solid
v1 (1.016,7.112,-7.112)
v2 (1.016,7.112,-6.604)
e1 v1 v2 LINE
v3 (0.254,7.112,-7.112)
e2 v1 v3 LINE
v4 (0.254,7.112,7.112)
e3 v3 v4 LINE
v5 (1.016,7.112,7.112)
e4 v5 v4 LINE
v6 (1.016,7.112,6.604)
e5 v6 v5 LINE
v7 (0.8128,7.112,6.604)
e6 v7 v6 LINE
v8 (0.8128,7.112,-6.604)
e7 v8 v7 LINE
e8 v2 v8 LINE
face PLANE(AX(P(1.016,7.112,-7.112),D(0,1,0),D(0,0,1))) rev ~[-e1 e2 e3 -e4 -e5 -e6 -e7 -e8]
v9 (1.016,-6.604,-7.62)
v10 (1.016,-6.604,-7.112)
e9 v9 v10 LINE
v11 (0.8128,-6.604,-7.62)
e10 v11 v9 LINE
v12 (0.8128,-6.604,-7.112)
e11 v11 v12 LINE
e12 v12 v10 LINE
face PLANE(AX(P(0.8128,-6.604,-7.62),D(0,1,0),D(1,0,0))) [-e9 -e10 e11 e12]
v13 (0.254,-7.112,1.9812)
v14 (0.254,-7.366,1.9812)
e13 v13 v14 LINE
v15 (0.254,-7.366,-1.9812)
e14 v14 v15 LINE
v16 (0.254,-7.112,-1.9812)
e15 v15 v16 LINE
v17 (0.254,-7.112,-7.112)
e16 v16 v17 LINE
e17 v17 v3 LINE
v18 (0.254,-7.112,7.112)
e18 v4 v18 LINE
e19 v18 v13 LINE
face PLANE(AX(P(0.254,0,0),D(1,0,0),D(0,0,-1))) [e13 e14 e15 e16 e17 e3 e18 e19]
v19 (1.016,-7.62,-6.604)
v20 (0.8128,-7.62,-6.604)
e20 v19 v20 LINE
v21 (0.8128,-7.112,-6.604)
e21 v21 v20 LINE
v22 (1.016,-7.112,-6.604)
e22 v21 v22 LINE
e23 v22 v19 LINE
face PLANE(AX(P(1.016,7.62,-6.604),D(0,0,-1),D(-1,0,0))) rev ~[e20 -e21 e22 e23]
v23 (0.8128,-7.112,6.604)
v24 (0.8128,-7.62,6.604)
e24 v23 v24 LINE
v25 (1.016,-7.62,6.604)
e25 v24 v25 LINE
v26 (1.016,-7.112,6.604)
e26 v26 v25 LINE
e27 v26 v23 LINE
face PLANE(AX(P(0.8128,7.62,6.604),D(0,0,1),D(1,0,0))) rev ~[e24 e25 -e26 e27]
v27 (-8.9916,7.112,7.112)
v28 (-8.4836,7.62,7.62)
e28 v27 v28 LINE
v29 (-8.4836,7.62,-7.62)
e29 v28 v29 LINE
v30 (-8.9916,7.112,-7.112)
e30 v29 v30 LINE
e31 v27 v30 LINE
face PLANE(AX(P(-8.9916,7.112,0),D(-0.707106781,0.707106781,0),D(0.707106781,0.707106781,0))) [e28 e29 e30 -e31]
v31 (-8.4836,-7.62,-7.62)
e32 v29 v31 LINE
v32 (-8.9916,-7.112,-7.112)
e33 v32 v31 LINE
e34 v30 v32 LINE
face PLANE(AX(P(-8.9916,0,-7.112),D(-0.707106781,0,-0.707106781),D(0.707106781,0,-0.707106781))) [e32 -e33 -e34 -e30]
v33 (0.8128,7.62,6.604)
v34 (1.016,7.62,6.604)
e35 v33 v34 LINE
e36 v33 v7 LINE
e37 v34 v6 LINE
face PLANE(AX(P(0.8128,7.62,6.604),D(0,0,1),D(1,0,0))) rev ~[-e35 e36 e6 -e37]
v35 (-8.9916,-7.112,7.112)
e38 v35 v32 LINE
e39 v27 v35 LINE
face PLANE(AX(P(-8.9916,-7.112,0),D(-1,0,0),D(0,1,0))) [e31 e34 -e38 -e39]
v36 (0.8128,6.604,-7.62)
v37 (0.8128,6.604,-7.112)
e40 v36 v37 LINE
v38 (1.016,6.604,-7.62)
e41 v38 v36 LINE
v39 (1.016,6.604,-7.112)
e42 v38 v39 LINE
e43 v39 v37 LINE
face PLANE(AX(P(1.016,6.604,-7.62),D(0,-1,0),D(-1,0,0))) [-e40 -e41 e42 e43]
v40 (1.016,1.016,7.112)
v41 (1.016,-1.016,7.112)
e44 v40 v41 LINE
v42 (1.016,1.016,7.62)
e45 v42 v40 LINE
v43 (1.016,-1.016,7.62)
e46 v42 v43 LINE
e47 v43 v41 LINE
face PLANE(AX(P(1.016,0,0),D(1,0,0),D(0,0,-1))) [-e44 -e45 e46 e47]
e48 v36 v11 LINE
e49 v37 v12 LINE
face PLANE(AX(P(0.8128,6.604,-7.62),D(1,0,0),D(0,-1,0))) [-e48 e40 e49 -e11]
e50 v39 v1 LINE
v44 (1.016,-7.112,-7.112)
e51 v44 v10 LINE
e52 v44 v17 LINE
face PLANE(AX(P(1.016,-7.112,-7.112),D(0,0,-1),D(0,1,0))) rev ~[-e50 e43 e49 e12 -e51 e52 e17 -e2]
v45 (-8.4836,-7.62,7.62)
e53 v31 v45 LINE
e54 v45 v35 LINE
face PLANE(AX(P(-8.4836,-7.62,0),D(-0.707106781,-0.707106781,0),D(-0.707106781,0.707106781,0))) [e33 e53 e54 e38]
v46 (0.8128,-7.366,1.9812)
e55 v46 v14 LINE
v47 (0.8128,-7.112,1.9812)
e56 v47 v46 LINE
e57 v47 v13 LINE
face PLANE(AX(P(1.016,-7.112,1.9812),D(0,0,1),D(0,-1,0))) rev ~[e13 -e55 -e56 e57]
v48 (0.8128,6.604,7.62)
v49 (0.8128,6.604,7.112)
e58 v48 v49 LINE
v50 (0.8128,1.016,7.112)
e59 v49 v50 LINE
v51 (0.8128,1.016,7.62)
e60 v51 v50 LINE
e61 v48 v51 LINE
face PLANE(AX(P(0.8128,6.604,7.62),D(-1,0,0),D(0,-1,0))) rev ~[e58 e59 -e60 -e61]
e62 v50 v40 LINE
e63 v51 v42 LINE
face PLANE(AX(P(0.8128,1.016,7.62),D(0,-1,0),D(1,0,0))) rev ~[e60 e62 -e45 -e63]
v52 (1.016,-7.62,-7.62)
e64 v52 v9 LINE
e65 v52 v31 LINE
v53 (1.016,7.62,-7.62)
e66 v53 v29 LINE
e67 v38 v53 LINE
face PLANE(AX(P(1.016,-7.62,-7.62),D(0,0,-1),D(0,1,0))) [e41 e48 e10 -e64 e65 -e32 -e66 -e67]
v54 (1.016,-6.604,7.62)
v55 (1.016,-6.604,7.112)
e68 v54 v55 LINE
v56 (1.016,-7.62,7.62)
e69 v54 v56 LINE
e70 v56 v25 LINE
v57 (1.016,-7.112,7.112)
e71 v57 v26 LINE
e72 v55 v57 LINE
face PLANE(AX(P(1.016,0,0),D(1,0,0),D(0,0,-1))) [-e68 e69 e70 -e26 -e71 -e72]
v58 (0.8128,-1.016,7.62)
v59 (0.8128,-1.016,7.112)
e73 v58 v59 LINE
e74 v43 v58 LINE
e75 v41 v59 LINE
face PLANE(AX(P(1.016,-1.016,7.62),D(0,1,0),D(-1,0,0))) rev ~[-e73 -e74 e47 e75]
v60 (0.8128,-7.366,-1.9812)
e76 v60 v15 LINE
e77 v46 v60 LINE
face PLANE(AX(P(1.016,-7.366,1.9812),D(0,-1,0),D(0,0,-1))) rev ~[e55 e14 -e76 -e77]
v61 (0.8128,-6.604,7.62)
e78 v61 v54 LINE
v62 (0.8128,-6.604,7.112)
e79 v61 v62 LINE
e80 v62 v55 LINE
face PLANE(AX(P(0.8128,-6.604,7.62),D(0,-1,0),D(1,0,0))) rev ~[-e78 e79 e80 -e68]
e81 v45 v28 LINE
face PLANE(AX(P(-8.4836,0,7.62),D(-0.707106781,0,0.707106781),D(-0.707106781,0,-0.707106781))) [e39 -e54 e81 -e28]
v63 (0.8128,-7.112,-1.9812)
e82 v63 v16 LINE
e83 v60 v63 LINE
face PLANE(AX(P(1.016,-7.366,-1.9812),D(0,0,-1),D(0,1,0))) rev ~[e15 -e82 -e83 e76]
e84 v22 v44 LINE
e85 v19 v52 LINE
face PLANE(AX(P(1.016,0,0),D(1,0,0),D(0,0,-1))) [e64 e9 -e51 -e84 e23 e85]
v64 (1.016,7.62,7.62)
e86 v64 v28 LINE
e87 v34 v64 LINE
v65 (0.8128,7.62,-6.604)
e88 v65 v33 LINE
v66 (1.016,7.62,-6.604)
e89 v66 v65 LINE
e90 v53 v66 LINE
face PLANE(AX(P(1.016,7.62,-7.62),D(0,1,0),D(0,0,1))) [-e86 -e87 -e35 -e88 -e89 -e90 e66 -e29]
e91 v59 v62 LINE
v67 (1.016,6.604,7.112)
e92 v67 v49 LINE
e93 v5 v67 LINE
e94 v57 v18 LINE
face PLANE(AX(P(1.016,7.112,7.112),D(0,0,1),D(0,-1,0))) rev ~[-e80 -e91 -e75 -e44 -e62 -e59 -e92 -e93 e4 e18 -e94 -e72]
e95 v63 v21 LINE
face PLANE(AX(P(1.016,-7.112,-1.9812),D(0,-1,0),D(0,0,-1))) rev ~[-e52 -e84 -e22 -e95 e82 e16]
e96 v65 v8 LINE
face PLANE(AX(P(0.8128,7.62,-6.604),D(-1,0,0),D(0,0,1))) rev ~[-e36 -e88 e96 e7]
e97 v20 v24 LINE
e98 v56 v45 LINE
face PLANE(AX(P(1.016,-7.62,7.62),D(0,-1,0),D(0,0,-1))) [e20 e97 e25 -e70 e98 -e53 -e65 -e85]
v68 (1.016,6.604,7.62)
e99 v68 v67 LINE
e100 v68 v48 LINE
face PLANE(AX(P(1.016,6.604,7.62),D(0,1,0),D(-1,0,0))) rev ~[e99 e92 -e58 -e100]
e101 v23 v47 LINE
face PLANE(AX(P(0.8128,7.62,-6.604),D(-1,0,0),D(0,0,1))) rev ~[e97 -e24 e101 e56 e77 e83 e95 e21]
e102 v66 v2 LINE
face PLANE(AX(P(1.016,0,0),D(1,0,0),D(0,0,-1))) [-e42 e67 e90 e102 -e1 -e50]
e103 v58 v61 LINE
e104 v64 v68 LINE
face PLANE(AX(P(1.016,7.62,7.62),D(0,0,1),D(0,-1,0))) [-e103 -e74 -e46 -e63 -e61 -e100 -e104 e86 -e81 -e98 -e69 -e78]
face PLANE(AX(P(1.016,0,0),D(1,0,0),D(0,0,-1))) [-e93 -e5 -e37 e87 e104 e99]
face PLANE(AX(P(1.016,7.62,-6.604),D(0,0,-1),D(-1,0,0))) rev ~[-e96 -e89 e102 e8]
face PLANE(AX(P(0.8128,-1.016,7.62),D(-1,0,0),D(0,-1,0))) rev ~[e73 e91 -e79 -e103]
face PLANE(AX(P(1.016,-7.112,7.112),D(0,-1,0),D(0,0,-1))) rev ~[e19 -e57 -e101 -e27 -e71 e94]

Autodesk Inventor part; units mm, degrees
sketch "Sketch_2" plane through (1.016, 0, 0) normal (1, 0, 0) x (0, 0, -1)
  line L0 (-7.62, -7.62) -> (7.62, -7.62)
  line L1 (7.62, -7.62) -> (7.62, 7.62)
  line L2 (7.62, 7.62) -> (-7.62, 7.62)
  line L3 (-7.62, 7.62) -> (-7.62, -7.62)
extrude "Extrusion1" add sketch "Sketch_2" against normal blind 10.0076
sketch "Sketch_1" plane through (1.016, 0, 0) normal (1, 0, 0) x (0, 0, -1)
  line L0 (-7.112, -7.112) -> (-1.9812, -7.112)
  line L1 (-1.9812, -7.112) -> (-1.9812, -7.366)
  line L2 (-1.9812, -7.366) -> (1.9812, -7.366)
  line L3 (1.9812, -7.366) -> (1.9812, -7.112)
  line L4 (1.9812, -7.112) -> (7.112, -7.112)
  line L5 (7.112, -7.112) -> (7.112, 7.112)
  line L6 (7.112, 7.112) -> (-7.112, 7.112)
  line L7 (-7.112, 7.112) -> (-7.112, -7.112)
extrude "Extrusion2" cut sketch "Sketch_1" against normal blind 0.762
sketch "Sketch_3" plane through (0, 0, 0) normal (0, 0, 1) x (1, 0, 0)
  line L0 (-18.9992, 7.62) -> (-18.9992, -7.62)
  line L1 (-18.9992, -7.62) -> (-8.4836, -7.62)
  line L2 (-8.4836, -7.62) -> (-8.9916, -7.112)
  line L3 (-8.9916, -7.112) -> (-8.9916, 7.112)
  line L4 (-8.9916, 7.112) -> (-8.4836, 7.62)
  line L5 (-8.4836, 7.62) -> (-18.9992, 7.62)
extrude "Extrusion3" cut sketch "Sketch_3" along normal mid plane 15.24
sketch "Sketch_4" plane through (0, 0, 0) normal (0, 1, 0) x (-1, 0, 0)
  line L0 (18.9992, -7.62) -> (18.9992, 7.62)
  line L1 (18.9992, 7.62) -> (8.4836, 7.62)
  line L2 (8.4836, 7.62) -> (8.9916, 7.112)
  line L3 (8.9916, 7.112) -> (8.9916, -7.112)
  line L4 (8.9916, -7.112) -> (8.4836, -7.62)
  line L5 (8.4836, -7.62) -> (18.9992, -7.62)
extrude "Extrusion4" cut sketch "Sketch_4" along normal mid plane 15.24
sketch "Sketch_5" plane through (0, 7.62, 0) normal (0, 1, 0) x (1, 0, 0)
  line L0 (0.8128, 6.604) -> (0.8128, -6.604)
  line L1 (0.8128, -6.604) -> (1.016, -6.604)
  line L2 (1.016, -6.604) -> (1.016, 6.604)
  line L3 (1.016, 6.604) -> (0.8128, 6.604)
extrude "Extrusion5" cut sketch "Sketch_5" against normal blind 15.24
sketch "Sketch_6" plane through (0, 0, -7.62) normal (0, 0, 1) x (1, 0, 0)
  line L0 (0.8128, 6.604) -> (0.8128, -6.604)
  line L1 (0.8128, -6.604) -> (1.016, -6.604)
  line L2 (1.016, -6.604) -> (1.016, 6.604)
  line L3 (1.016, 6.604) -> (0.8128, 6.604)
extrude "Extrusion6" cut sketch "Sketch_6" along normal blind 0.508
sketch "Sketch_7" plane through (0, 0, 7.62) normal (0, 0, 1) x (1, 0, 0)
  line L0 (0.8128, 6.604) -> (0.8128, 1.016)
  line L1 (0.8128, 1.016) -> (1.016, 1.016)
  line L2 (1.016, 1.016) -> (1.016, 6.604)
  line L3 (1.016, 6.604) -> (0.8128, 6.604)
extrude "Extrusion7" cut sketch "Sketch_7" against normal blind 0.508
sketch "Sketch_8" plane through (0, 0, 7.62) normal (0, 0, 1) x (1, 0, 0)
  line L0 (0.8128, -1.016) -> (0.8128, -6.604)
  line L1 (0.8128, -6.604) -> (1.016, -6.604)
  line L2 (1.016, -6.604) -> (1.016, -1.016)
  line L3 (1.016, -1.016) -> (0.8128, -1.016)
extrude "Extrusion8" cut sketch "Sketch_8" against normal blind 0.508
ref_plane "body_to_dummy_sk_XY" through (-11.4046, 0, 0) normal (-1, 0, 0) x (0, 0, -1)
ref_plane "body_to_dummy_sk_YZ" through (-11.4046, 0, 0) normal (0, 0, -1) x (0, -1, 0)
ref_plane "body_to_dummy_sk_ZX" through (-11.4046, 0, 0) normal (0, -1, 0) x (-1, 0, 0)
ref_plane "body_to_dummy_sk_green_XY" through (-11.4046, 0, -3.7529) normal (-1, 0, 0) x (0, 0, -1)
ref_plane "body_to_dummy_sk_green_YZ" through (-11.4046, 0, -3.7529) normal (0, 0, -1) x (0, -1, 0)
ref_plane "body_to_dummy_sk_green_ZX" through (-11.4046, 0, -3.7529) normal (0, -1, 0) x (-1, 0, 0)
ref_plane "body_to_dummy_sk_red_XY" through (-11.4046, 0, 3.7529) normal (-1, 0, 0) x (0, 0, -1)
ref_plane "body_to_dummy_sk_red_YZ" through (-11.4046, 0, 3.7529) normal (0, 0, -1) x (0, -1, 0)
ref_plane "body_to_dummy_sk_red_ZX" through (-11.4046, 0, 3.7529) normal (0, -1, 0) x (-1, 0, 0)
ref_plane "body_to_pole_XY" through (-0.508, 0, 0) normal (-1, 0, 0) x (0, 0, -1)
ref_plane "body_to_pole_YZ" through (-0.508, 0, 0) normal (0, 0, -1) x (0, -1, 0)
ref_plane "body_to_pole_ZX" through (-0.508, 0, 0) normal (0, -1, 0) x (-1, 0, 0)
properties part number "UB21SK035D-1JBbody"
